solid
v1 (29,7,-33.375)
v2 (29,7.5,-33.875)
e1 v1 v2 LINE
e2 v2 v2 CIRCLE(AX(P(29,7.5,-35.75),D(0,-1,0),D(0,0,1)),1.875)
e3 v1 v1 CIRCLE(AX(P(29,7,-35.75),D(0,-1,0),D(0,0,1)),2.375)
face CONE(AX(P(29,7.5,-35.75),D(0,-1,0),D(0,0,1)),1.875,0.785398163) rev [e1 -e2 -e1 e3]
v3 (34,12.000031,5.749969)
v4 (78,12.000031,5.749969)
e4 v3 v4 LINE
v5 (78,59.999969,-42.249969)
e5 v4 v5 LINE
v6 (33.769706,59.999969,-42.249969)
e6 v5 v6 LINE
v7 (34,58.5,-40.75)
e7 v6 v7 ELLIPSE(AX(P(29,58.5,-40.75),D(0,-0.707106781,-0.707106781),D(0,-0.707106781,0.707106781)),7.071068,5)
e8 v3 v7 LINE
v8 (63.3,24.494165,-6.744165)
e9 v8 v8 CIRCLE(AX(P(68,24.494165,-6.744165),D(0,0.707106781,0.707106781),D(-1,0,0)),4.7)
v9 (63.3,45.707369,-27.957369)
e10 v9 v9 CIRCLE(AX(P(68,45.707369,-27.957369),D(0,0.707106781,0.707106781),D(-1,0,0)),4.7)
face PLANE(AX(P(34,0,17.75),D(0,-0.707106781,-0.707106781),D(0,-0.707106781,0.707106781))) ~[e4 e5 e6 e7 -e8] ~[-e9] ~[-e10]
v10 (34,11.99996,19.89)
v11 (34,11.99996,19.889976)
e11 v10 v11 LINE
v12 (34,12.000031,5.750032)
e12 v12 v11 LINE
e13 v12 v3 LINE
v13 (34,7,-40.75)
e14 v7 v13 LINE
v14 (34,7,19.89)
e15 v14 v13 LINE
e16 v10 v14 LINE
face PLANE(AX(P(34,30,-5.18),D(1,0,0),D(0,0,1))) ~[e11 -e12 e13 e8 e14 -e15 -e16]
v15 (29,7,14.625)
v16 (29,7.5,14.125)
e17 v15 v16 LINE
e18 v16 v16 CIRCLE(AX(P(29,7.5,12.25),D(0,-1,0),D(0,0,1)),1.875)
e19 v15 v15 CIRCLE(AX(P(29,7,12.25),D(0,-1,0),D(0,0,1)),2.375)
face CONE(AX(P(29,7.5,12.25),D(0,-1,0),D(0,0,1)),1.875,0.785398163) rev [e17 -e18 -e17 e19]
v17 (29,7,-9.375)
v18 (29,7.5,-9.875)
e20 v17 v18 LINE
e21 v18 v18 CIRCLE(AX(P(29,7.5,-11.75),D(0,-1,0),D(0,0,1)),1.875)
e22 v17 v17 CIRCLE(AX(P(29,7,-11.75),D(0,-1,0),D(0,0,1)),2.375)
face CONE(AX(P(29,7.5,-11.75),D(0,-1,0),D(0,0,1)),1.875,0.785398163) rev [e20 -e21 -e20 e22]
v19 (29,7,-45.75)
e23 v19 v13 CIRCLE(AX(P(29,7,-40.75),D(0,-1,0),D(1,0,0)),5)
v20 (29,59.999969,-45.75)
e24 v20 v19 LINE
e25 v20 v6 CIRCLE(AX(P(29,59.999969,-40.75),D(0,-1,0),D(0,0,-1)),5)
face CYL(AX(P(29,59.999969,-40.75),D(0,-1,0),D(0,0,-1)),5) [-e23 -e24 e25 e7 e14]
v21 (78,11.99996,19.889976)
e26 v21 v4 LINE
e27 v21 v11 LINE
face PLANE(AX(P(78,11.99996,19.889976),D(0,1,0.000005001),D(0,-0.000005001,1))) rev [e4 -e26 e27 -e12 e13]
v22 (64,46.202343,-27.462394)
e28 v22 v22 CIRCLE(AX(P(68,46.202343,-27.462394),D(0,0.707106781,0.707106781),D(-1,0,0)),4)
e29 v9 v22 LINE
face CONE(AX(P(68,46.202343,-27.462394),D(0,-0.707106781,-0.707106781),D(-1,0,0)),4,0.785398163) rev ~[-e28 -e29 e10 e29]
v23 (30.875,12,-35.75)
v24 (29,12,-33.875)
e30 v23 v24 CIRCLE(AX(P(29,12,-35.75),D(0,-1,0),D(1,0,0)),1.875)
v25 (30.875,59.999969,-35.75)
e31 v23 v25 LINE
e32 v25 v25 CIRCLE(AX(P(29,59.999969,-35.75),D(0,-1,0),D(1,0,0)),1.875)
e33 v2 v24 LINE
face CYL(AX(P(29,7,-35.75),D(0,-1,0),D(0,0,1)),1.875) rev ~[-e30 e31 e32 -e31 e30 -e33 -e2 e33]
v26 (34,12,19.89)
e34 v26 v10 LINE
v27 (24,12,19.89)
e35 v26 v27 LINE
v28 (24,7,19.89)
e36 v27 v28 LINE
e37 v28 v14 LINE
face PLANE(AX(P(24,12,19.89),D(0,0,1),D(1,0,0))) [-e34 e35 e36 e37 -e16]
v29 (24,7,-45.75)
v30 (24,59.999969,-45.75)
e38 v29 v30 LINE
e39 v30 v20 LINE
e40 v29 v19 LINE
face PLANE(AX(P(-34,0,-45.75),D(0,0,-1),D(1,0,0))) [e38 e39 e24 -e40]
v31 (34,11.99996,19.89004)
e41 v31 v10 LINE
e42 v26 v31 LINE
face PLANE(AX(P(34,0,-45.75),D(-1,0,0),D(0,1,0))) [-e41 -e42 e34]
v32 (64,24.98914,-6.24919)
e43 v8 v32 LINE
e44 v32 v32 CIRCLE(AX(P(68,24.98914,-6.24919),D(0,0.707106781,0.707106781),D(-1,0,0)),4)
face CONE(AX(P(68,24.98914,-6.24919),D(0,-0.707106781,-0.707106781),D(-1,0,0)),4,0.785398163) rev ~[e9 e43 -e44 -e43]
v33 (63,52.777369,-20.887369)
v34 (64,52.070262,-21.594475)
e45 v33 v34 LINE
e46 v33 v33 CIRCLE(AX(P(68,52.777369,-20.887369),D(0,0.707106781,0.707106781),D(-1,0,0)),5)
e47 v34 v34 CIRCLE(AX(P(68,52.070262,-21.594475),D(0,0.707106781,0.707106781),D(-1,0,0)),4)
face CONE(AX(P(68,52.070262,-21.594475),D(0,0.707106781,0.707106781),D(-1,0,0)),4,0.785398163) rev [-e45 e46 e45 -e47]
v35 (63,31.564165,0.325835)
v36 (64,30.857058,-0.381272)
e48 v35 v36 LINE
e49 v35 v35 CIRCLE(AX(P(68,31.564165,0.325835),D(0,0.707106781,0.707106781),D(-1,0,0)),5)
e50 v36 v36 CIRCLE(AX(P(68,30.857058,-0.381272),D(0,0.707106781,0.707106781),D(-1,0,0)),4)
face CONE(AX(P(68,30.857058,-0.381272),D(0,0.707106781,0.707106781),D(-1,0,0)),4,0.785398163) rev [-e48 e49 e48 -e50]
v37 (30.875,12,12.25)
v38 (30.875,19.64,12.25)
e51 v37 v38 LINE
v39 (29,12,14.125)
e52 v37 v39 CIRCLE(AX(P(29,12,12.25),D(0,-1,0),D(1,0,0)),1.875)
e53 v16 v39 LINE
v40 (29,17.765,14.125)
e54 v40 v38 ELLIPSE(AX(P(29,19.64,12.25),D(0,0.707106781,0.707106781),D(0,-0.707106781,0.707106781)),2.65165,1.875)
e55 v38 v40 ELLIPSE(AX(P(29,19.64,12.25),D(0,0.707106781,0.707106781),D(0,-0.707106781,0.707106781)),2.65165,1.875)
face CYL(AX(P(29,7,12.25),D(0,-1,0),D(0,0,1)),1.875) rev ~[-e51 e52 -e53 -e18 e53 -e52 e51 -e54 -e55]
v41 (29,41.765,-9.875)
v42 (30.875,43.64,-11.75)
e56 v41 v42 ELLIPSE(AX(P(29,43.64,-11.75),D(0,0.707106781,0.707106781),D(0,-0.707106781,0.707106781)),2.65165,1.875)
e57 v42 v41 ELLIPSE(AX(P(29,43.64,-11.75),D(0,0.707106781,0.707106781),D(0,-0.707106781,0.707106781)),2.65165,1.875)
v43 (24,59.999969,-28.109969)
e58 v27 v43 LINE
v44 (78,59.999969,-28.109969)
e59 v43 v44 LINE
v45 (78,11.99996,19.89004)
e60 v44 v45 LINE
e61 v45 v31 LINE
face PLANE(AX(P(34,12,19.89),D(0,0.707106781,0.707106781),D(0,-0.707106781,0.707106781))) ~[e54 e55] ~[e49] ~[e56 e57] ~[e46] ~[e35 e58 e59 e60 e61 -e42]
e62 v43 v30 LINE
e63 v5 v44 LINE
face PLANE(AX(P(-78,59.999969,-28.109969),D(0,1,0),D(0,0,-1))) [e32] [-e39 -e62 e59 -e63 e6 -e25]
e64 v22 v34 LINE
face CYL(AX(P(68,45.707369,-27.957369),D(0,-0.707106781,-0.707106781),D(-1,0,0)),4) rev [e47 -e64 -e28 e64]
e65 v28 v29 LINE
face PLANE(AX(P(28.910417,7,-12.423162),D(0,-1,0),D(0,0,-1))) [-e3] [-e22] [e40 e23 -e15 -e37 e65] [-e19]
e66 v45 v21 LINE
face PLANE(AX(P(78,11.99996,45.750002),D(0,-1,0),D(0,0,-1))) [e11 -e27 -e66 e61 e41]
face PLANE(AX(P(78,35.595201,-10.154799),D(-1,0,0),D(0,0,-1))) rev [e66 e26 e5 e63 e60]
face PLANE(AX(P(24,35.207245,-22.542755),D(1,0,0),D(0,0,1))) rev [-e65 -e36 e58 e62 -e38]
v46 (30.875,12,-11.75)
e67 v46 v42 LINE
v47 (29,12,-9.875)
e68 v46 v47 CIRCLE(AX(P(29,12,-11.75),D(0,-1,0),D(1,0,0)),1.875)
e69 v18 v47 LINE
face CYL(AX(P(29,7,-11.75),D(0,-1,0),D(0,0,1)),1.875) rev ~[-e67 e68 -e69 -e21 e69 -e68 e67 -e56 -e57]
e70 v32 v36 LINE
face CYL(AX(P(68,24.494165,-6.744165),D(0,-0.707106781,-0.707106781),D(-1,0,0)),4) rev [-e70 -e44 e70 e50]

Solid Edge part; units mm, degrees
sketch "Sketch1" plane through (0, 0, 0) normal (0, -1, 0) x (1, 0, 0)
  line L0 (-34, -45.75) -> (34, -45.75)
  line L1 (34, -45.75) -> (34, 45.75)
  line L2 (34, 45.75) -> (-34, 45.75)
  line L3 (-34, 45.75) -> (-34, -45.75)
  dimension "D1" = 68
  dimension "D2" = 91.5
extrude "Protrusion1" add sketch "Sketch1" against normal blind 12
sketch "Sketch2" plane through (0, 0, 0) normal (0, -1, 0) x (1, 0, 0)
  circle A0 centre (0, -14.75) radius 11.25
  circle A1 centre (-15.5, 0.75) radius 1.7
  circle A2 centre (-15.5, -30.25) radius 1.7
  circle A3 centre (15.5, -30.25) radius 1.7
  circle A4 centre (15.5, 0.75) radius 1.7
  dimension "D1" = 22.5
  dimension "D2" = 3.4
  dimension "D3" = 31
  dimension "D4" = 31
extrude "Cutout1" cut sketch "Sketch2" against normal through all
sketch "Sketch3" plane through (0, 0, 0) normal (0, -1, 0) x (1, 0, 0)
  circle A0 centre (7.7782, 36.0282) radius 1.4
  circle A1 centre (7.7782, 20.4718) radius 1.4
  circle A2 centre (-7.7782, 20.4718) radius 1.4
  circle A3 centre (-7.7782, 36.0282) radius 1.4
  circle A4 centre (0, 28.25) radius 6
  dimension "D1" = 7.7782
extrude "Cutout2" cut sketch "Sketch3" against normal through all
sketch "Sketch4" plane through (-34, 6, 0) normal (-1, 0, 0) x (0, 0, -1)
  line L0 (-19.89, -6) -> (45.75, -71.64)
  line L1 (45.75, -71.64) -> (45.75, -6)
  line L2 (45.75, -6) -> (-19.89, -6)
  dimension "D1" = 25.86
extrude "Extrusionsausprägung_2" add sketch "Sketch4" against normal blind 10
mirror "Mirror1" about plane through (0, 0, 0) normal (1, 0, 0) of "Extrusionsausprägung_2"
sketch "Sketch5" plane through (-34, 38.82, 0) normal (-1, 0, 0) x (0, 0, -1)
  circle A0 centre (33.7465, 1.4635) radius 1.875
  circle A1 centre (19.6043, 15.6057) radius 1.875
  dimension "D1" = 3.75
  dimension "D2" = 20
  dimension "D3" = 42.14
  dimension "D4" = 32.83
extrude "Extrusionsausschnitt_3" cut sketch "Sketch5" against normal blind 14
sketch "Sketch6" plane through (-34, 38.82, 0) normal (-1, 0, 0) x (0, 0, -1)
  line L0 (45.75, -38.82) -> (-31.89, 38.82)
  line L1 (-31.89, 38.82) -> (-17.75, 38.82)
  line L2 (-17.75, 38.82) -> (45.75, -24.68)
  line L3 (45.75, -24.68) -> (45.75, -38.82)
  dimension "D1" = 14.14
extrude "Extrusionsausprägung_4" add sketch "Sketch6" along normal blind 44
mirror "Mirror2" about plane through (0, 0, 0) normal (1, 0, 0) of "Extrusionsausprägung_4"
sketch "Sketch7" plane through (-54, 31.75, -14) normal (0, -0.7071, -0.7071) x (1, 0, 0)
  circle A0 centre (-14, 10.2613) radius 4
  circle A1 centre (-14, -19.7387) radius 4
  dimension "D1" = 8
  dimension "D2" = 34.64
  dimension "D3" = 30
  dimension "D4" = 10
extrude "Cutout3" cut sketch "Sketch7" against normal up to next
mirror "Mirror3" about plane through (0, 0, 0) normal (1, 0, 0) of "Cutout3"
sketch "Sketch8" plane through (-78, 38.82, -6.93) normal (-1, 0, 0) x (0, 0.7071, -0.7071)
  line L0 (29.953, 0) -> (42.4264, 12.4734)
  dimension "D1" = 60
extrude "Cutout4" cut sketch "Sketch8" against normal through all material side at (-78, 60.05, -36.93)
sketch "Sketch9" plane through (78, 30, -5.18) normal (1, 0, 0) x (0, -0.7071, 0.7071)
  line L0 (30.4551, -4.9992) -> (47.4257, -4.9992)
  line L1 (47.4257, -4.9992) -> (57.2262, -14.7997)
  line L2 (57.2262, -14.7997) -> (48.7409, -23.285)
  line L3 (48.7409, -23.285) -> (30.4551, -4.9992)
extrude "Extrusionsausschnitt_6" cut sketch "Sketch9" against normal blind 55
mirror "Mirror4" about plane through (0, 0, 0) normal (1, 0, 0) of "Extrusionsausschnitt_6"
fillet "Verrundung_1" radius 5 4 edges at (23, 6, 45.75) (-23, 6, 45.75) (34, 30, -45.75) (-34, 30, -45.75)
chamfer "Fase_1" distance 0.5 angle 45 2 edges at (-34, 23.2143, -17.7293) (-34, 37.3565, -31.8715)
chamfer "Fase_2" distance 0.4 angle 45 4 edges at (-17.2, 0, -30.25) (-17.2, 0, 0.75) (13.8, 0, 0.75) (13.8, 0, -30.25)
chamfer "Fase_3" distance 0.4 angle 45 4 edges at (-9.1782, 0, 20.4718) (-9.1782, 0, 36.0282) (6.3782, 0, 36.0282) (6.3782, 0, 20.4718)
chamfer "Fase_4" distance 2.5 angle 45 2 edges at (-11.25, 0, -14.75) (0, 12, -3.5)
chamfer "Fase_5" distance 1.4 angle 45 2 edges at (-6, 0, 28.25) (0, 12, 34.25)
chamfer "Fase_7" distance 1 angle 45 4 edges at (-68, 34.3926, -2.5026) (-68, 55.6058, -23.7158) (68, 34.3926, -2.5026) (68, 55.6058, -23.7158)
sketch "Sketch10" plane through (-78, 30, -5.18) normal (-1, 0, 0) x (0, 0.7071, -0.7071)
  line L0 (-30.4551, -4.9992) -> (-20.4566, 4.9992)
extrude "Extrusionsausschnitt_8" cut sketch "Sketch10" against normal blind 44 material side at (-78, 11.95, 12.82)
mirror "Mirror5" about plane through (0, 0, 0) normal (1, 0, 0) of "Extrusionsausschnitt_8"
sketch "Sketch11" plane through (0, 30, -45.75) normal (0, 0, -1) x (1, 0, 0)
  line L0 (34, 18) -> (-24, 18)
  line L1 (-24, 18) -> (-24, -30)
  line L2 (-24, -30) -> (-78, -30)
  line L3 (-78, -30) -> (-78, 30)
  line L4 (-78, 30) -> (34, 30)
  line L5 (34, 30) -> (34, 18)
extrude "Cutout6" cut sketch "Sketch11" against normal through all
sketch "Sketch12" plane through (51, 12, -12.93) normal (0, -1, 0) x (1, 0, 0)
  circle A0 centre (-22, 25.18) radius 1.875
  circle A1 centre (-22, 1.18) radius 1.875
  circle A2 centre (-22, -22.82) radius 1.875
  dimension "D1" = 10
  dimension "D2" = 5
  dimension "D3" = 3.75
  dimension "D4" = 24
  dimension "D5" = 24
extrude "Cutout7" cut sketch "Sketch12" against normal through all
sketch "Sketch13" plane through (51, 12, -12.93) normal (0, -1, 0) x (1, 0, 0)
  arc A0 (-22, -32.82) -> (-17, -27.82) centre (-22, -27.82) ccw
  line L0 (-17, 18.68) -> (-17, -27.82)
  line L1 (-17, 32.82) -> (-17, 18.68)
  line L2 (-27, 32.82) -> (-17, 32.82)
  line L3 (-27, 32.82) -> (-27, -32.82)
  line L4 (-27, -32.82) -> (-22, -32.82)
extrude "Extrusionsausprägung_6" add sketch "Sketch13" along normal blind 5
sketch "Sketch14" plane through (29, 7, -12.93) normal (0, -1, 0) x (0, 0, 1)
  circle A0 centre (25.18, 0) radius 1.875
  circle A1 centre (1.18, 0) radius 1.875
  circle A2 centre (-22.82, 0) radius 1.875
  dimension "D1" = 10
  dimension "D2" = 5
  dimension "D3" = 3.75
  dimension "D4" = 24
  dimension "D5" = 24
extrude "Cutout8" cut sketch "Sketch14" against normal through all
chamfer "Fase_8" distance 0.5 angle 45 3 edges at (29, 7, 10.375) (29, 7, -13.625) (29, 7, -37.625)
chamfer "Fase_9" distance 0.7 angle 45 2 edges at (72, 24.4942, -6.7442) (72, 45.7074, -27.9574)
properties material "Nylon, allgemein"
